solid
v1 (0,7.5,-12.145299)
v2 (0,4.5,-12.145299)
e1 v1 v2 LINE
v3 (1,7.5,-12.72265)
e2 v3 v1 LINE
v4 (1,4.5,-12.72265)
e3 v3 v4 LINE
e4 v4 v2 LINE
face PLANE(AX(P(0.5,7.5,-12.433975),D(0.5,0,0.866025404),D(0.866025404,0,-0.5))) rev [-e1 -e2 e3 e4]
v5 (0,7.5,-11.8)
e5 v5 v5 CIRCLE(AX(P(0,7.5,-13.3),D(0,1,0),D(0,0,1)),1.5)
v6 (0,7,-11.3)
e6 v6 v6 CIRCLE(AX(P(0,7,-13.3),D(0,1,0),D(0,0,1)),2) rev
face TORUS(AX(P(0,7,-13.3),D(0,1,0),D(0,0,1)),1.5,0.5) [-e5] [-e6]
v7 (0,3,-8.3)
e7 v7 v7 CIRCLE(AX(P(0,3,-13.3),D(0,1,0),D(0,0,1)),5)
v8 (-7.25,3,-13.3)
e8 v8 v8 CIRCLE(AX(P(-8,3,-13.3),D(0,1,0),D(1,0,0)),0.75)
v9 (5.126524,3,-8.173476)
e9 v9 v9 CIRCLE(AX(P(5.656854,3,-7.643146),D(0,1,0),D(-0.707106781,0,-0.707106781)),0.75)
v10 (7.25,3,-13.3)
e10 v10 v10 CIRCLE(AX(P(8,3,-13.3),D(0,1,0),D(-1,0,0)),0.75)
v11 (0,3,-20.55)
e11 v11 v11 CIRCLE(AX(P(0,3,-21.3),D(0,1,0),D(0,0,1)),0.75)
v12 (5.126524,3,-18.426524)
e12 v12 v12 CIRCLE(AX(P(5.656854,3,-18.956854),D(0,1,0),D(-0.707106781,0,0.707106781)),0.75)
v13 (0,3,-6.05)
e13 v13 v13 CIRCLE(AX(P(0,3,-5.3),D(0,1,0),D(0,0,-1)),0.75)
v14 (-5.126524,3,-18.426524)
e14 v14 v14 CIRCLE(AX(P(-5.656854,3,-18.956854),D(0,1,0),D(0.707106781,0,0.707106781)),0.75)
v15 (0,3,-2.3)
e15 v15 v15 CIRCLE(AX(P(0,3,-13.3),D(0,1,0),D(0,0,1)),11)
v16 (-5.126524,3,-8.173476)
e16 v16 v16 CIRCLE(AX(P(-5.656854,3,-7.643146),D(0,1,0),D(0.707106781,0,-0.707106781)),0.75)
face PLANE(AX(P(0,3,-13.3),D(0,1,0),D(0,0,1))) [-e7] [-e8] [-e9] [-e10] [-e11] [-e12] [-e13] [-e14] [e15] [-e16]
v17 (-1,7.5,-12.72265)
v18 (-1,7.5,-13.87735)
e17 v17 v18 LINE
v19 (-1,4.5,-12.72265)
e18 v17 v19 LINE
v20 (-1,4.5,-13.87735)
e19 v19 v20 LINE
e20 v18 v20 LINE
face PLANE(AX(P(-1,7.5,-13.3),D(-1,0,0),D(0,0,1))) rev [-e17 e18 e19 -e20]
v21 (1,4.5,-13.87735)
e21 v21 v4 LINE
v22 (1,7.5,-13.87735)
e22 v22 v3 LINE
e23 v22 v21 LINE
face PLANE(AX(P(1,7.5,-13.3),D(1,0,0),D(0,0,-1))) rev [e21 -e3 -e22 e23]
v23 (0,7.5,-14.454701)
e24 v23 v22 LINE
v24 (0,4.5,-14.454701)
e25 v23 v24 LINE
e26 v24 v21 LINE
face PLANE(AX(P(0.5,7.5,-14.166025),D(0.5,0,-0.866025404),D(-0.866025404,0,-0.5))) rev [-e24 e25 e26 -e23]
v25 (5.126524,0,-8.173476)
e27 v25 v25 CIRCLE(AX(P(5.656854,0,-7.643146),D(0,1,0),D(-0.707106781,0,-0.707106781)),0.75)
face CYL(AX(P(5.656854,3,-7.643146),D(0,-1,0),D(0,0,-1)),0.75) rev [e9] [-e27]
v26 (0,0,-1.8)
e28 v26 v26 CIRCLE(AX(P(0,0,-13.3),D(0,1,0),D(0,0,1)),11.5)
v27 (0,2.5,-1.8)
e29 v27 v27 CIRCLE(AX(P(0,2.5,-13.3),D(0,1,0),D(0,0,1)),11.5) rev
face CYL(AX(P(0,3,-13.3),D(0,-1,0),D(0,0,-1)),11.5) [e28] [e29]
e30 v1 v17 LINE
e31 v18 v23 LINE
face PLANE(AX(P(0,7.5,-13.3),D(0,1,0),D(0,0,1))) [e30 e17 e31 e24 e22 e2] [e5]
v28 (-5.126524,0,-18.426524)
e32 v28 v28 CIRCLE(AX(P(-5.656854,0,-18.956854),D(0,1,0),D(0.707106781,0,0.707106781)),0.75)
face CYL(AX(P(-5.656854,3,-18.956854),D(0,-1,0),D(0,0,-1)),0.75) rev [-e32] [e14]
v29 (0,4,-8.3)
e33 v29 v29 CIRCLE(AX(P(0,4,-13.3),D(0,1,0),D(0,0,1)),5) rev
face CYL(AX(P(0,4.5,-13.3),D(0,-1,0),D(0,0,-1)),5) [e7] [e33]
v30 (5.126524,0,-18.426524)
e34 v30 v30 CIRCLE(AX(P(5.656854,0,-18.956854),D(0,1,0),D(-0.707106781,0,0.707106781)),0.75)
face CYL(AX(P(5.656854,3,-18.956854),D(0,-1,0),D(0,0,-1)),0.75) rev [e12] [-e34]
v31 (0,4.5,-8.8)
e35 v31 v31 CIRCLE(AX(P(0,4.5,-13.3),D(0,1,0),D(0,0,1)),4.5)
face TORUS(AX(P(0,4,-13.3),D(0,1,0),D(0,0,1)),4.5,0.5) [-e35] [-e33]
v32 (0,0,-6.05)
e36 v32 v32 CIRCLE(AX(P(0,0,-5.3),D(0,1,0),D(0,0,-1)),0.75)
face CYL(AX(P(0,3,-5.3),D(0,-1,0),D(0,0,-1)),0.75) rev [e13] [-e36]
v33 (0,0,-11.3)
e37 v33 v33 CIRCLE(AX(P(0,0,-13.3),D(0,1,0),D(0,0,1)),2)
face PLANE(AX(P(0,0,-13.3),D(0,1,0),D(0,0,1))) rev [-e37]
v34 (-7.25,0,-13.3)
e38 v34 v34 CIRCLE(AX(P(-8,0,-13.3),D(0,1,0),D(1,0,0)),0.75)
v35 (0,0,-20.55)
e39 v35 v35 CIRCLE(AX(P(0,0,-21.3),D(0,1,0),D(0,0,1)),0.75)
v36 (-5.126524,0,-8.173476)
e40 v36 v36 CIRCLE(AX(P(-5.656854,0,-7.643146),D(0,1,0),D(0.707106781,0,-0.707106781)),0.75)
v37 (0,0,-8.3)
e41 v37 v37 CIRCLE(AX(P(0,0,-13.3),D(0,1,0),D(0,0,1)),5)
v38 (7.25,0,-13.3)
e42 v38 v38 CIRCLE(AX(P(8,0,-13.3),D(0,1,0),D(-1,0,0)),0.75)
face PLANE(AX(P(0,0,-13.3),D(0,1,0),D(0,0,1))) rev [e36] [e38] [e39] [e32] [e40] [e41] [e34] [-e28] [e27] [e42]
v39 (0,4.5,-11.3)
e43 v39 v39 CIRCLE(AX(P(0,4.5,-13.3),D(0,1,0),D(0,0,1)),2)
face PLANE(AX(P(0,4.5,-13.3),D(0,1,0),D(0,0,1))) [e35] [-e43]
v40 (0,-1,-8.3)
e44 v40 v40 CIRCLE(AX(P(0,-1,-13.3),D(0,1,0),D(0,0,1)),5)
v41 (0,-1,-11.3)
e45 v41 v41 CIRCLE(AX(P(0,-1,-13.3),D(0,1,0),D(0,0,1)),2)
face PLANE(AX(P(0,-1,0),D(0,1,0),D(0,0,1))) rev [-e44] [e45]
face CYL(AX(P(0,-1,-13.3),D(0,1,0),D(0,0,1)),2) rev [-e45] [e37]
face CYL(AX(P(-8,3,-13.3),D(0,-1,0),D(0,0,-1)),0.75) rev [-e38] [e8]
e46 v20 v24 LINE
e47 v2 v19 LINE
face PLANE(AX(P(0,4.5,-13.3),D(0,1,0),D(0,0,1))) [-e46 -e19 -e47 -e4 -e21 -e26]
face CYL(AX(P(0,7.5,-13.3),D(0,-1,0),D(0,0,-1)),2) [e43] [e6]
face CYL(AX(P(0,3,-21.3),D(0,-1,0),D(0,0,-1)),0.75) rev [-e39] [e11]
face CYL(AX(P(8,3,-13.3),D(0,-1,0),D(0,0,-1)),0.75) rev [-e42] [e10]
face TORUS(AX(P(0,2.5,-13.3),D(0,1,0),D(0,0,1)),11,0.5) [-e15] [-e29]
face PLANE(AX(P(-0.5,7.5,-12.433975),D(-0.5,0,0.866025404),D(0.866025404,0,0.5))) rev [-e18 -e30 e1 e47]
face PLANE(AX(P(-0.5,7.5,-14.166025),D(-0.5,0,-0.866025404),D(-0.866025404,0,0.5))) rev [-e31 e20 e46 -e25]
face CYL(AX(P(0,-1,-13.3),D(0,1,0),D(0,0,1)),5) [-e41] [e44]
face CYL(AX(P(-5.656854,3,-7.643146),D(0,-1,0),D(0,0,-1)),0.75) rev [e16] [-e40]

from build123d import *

# Parameters (mm, degrees)
CROQUIS1_R              = 11.5
SALIENTE_EXTRUIR1_DEPTH = 3
CROQUIS1_9_R            = 0.75
CORTAR_EXTRUIR2_DEPTH   = 3
MATRIZC2_COUNT          = 8
SALIENTE_EXTRUIR2_START = 3
CROQUIS1_11_R           = 5
SALIENTE_EXTRUIR2_DEPTH = 1.5
SALIENTE_EXTRUIR3_START = 4.5
CROQUIS1_12_R           = 2
SALIENTE_EXTRUIR3_DEPTH = 3
REDONDEO1_R             = 0.5
CROQUIS1_13_R           = 5
CROQUIS1_13_R_2         = 2
SALIENTE_EXTRUIR4_DEPTH = 1


with BuildPart() as part:
    # Croquis1 → Saliente-Extruir1 (new body)
    with BuildSketch(Plane(origin=(0, 0, 0), x_dir=(1, 0, 0), z_dir=(0, 1, 0))):
        with Locations((0, 13.3)):
            Circle(CROQUIS1_R)
    extrude(amount=SALIENTE_EXTRUIR1_DEPTH)

    # Croquis1<9> → Cortar-Extruir2 (cut)
    with BuildSketch(Plane(origin=(0, 0, 0), x_dir=(1, 0, 0), z_dir=(0, 1, 0))):
        with Locations((0, 21.3)):
            Circle(CROQUIS1_9_R)
    cortar_extruir2 = extrude(amount=CORTAR_EXTRUIR2_DEPTH, mode=Mode.SUBTRACT)

    # MatrizC2: Cortar-Extruir2 ×8 about axis
    matrizc2_axis = Axis((0, 0, -13.3), (0, 1, 0))
    for i in range(1, MATRIZC2_COUNT):
        add(cortar_extruir2.rotate(matrizc2_axis, i * 360 / MATRIZC2_COUNT), mode=Mode.SUBTRACT)

    # Croquis1<11> → Saliente-Extruir2 (add)
    with BuildSketch(Plane(origin=(0, 0, 0), x_dir=(1, 0, 0), z_dir=(0, 1, 0)).offset(SALIENTE_EXTRUIR2_START)):
        with Locations((0, 13.3)):
            Circle(CROQUIS1_11_R)
    extrude(amount=SALIENTE_EXTRUIR2_DEPTH)

    # Croquis1<12> → Saliente-Extruir3 (add)
    with BuildSketch(Plane(origin=(0, 0, 0), x_dir=(1, 0, 0), z_dir=(0, 1, 0)).offset(SALIENTE_EXTRUIR3_START)):
        with Locations((0, 13.3)):
            Circle(CROQUIS1_12_R)
        Polygon((1, 12.722649731), (1, 13.877350269), (0, 14.454700538), (-1, 13.877350269), (-1, 12.722649731), (0, 12.145299462), align=None, mode=Mode.SUBTRACT)
    extrude(amount=SALIENTE_EXTRUIR3_DEPTH)

    # Redondeo1
    redondeo1_edges = [part.edges().sort_by_distance(p)[0] for p in [
        (-11.5, 3, -13.3),
        (-5, 4.5, -13.3),
        (-2, 7.5, -13.3),
    ]]
    fillet(redondeo1_edges, radius=REDONDEO1_R)

    # Croquis1<13> → Saliente-Extruir4 (add)
    with BuildSketch(Plane(origin=(0, 0, 0), x_dir=(1, 0, 0), z_dir=(0, 1, 0))):
        with Locations((0, 13.3)):
            Circle(CROQUIS1_13_R)
        with Locations((0, 13.3)):
            Circle(CROQUIS1_13_R_2, mode=Mode.SUBTRACT)
    extrude(amount=-SALIENTE_EXTRUIR4_DEPTH)


solid = part.part
